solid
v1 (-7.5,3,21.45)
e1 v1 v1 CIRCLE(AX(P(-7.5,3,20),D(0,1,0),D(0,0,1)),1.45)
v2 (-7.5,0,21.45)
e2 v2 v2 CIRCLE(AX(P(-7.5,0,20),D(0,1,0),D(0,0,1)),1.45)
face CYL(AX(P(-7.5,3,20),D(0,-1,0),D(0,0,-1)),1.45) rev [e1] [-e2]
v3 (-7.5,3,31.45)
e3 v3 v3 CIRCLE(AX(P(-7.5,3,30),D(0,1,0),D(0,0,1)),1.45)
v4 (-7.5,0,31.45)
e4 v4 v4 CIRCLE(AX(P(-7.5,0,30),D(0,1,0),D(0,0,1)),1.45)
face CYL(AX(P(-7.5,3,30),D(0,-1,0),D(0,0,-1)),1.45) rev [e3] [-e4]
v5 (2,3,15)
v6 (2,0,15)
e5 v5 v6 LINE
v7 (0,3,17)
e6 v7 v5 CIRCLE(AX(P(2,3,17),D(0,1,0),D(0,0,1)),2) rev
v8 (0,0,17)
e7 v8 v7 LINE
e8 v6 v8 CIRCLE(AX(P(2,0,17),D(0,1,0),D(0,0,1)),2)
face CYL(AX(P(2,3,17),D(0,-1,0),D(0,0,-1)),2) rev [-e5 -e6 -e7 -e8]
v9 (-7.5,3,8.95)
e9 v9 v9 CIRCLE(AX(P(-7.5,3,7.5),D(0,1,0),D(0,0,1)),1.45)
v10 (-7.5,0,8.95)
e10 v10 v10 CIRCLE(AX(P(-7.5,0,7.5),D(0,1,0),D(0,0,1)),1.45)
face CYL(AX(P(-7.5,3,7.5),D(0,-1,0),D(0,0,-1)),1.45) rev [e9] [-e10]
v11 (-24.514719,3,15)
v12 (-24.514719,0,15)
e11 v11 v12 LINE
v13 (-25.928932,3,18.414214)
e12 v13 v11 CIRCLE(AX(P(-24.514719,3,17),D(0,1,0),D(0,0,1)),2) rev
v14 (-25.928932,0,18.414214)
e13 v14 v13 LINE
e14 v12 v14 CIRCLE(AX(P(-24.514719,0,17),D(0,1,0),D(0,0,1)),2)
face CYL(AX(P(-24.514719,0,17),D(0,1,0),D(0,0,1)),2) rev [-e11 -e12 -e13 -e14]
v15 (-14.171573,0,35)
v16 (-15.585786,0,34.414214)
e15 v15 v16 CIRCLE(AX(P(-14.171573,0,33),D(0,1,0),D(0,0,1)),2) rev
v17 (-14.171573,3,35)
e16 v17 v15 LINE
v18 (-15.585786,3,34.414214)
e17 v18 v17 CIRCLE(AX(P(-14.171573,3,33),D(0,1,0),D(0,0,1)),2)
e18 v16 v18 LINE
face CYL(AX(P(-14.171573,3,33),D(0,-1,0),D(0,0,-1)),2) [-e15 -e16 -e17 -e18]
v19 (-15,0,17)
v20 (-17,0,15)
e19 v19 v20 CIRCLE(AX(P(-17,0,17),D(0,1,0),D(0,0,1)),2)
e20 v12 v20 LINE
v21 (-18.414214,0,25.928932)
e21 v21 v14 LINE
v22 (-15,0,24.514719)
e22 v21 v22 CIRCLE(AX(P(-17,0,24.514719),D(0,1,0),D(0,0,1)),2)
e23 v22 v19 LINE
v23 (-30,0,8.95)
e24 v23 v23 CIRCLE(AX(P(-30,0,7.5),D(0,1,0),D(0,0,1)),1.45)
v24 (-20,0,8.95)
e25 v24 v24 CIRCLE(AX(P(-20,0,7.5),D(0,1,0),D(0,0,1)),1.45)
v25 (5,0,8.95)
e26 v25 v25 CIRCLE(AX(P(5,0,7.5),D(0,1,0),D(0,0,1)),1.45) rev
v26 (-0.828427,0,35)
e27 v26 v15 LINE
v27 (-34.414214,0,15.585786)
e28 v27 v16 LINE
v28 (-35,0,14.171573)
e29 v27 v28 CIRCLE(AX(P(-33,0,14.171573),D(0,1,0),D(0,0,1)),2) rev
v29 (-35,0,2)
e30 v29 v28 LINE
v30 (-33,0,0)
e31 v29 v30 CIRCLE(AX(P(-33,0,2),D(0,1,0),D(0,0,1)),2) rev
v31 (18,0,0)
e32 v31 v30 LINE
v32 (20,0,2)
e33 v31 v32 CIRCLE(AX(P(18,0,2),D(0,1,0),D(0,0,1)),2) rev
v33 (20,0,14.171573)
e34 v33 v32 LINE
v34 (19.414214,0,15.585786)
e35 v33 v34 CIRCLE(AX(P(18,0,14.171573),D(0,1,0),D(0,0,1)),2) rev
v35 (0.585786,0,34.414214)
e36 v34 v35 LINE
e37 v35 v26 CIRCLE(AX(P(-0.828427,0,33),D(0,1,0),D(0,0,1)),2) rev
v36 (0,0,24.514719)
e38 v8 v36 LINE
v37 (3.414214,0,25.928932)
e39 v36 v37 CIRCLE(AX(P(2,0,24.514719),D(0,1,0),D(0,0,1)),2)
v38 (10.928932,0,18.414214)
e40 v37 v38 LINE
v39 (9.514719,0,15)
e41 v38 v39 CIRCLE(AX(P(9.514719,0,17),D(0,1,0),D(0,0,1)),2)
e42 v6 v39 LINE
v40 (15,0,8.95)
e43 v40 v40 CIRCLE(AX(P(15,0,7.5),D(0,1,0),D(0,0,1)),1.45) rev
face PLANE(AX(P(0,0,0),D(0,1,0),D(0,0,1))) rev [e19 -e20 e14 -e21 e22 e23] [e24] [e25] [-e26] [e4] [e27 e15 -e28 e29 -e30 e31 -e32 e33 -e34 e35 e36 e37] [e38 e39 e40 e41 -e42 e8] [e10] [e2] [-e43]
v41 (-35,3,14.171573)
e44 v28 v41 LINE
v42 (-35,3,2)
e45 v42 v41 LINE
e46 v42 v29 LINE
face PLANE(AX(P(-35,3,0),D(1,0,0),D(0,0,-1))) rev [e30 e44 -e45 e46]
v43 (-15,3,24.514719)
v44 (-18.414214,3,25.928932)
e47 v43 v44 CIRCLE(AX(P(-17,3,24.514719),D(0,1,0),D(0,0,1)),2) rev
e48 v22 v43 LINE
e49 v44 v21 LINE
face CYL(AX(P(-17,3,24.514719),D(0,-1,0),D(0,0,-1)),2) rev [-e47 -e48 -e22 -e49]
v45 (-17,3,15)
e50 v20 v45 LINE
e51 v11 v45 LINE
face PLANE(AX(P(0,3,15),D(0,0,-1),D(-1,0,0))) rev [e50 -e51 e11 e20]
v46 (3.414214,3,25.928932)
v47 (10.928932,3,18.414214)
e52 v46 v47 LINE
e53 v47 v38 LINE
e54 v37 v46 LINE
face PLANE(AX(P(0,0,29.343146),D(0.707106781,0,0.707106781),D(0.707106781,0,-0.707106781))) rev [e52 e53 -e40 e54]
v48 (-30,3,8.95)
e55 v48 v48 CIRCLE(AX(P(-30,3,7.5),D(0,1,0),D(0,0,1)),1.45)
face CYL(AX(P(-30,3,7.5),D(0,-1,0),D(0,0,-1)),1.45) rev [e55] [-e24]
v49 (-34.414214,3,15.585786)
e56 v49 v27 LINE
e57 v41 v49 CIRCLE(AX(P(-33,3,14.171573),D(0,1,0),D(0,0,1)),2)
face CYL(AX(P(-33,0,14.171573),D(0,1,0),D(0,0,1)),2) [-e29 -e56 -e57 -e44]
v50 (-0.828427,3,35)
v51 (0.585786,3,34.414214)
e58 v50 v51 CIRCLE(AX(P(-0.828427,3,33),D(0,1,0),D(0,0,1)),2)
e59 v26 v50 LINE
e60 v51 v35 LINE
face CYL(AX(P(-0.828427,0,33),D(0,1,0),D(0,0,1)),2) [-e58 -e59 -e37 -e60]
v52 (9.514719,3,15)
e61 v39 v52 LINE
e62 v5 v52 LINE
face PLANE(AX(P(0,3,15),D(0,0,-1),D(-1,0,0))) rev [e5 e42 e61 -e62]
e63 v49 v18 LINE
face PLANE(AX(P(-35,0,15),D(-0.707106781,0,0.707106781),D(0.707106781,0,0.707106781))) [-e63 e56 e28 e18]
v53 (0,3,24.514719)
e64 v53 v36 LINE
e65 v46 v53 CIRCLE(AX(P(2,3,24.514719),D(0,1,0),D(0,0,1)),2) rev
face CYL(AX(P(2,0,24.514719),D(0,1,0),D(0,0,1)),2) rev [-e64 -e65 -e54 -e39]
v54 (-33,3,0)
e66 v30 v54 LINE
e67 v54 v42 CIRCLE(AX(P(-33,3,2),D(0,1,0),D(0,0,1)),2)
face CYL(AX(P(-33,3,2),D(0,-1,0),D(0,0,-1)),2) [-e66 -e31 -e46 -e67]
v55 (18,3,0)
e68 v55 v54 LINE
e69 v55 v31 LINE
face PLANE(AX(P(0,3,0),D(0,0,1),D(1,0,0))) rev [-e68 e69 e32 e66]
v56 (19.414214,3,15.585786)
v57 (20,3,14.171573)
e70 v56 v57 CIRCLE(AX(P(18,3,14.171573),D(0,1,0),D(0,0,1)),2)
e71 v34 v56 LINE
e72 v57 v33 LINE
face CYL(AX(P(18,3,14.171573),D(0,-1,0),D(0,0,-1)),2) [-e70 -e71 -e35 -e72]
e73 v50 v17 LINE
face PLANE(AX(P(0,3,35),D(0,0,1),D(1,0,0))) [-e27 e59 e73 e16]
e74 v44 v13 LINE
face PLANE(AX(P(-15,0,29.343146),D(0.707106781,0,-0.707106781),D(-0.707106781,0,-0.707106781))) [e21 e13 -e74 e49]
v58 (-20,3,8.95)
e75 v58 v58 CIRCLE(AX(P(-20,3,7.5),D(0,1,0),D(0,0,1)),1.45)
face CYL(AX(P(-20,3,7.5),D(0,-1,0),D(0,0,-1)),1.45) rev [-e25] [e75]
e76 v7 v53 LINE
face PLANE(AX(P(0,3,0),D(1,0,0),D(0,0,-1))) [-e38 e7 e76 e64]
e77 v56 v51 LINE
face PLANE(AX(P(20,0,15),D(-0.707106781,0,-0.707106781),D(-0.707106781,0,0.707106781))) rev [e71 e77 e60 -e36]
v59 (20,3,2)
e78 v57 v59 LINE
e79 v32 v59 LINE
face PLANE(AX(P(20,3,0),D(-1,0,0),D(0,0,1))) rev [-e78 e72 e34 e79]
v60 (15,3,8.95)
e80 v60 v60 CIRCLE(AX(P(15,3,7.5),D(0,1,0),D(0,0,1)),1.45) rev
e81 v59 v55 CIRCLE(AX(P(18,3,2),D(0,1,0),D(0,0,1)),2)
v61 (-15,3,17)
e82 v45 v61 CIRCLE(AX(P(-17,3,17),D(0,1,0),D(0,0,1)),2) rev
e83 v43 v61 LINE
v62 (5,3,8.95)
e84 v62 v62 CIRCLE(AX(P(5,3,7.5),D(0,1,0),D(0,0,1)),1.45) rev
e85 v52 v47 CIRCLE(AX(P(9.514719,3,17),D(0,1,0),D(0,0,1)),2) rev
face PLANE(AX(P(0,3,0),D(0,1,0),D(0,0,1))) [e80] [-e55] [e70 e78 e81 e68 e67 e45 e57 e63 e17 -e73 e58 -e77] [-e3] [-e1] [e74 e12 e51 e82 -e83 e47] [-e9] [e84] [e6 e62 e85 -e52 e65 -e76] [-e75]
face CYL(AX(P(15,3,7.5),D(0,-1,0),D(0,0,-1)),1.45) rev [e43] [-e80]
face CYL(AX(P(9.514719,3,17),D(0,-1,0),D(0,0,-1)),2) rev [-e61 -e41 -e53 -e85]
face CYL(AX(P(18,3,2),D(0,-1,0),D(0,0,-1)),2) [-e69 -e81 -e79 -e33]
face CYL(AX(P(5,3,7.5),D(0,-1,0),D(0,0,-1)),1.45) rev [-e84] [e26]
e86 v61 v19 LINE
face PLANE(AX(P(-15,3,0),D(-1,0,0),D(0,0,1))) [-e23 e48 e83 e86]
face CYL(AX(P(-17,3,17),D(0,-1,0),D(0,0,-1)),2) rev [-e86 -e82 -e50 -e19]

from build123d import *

# Parameters (mm, degrees)
SKETCH_1_R      = 1.45
SKETCH_1_W      = 20
SKETCH_1_H      = 15
EXTRUDE_1_DEPTH = 3
EXTRUDE_2_DEPTH = 3
FILLET_1_R      = 2


with BuildPart() as part:
    # 草图1 → 凸台-拉伸1 (new body)
    # profile 1 of 2: a face of its own
    with BuildSketch(Plane(origin=(0, 0, 0), x_dir=(1, 0, 0), z_dir=(0, 1, 0))):
        Polygon((-15, -35), (-15, -15), (-35, -15), (-35, 0), (0, 0), (0, -35), align=None)
        with Locations(Location((-7.5, -30, 0), (0, 0, 270))):
            Circle(SKETCH_1_R, mode=Mode.SUBTRACT)
        with Locations(Location((-7.5, -20, 0), (0, 0, 270))):
            Circle(SKETCH_1_R, mode=Mode.SUBTRACT)
        with Locations(Location((-30, -7.5, 0), (0, 0, 270))):
            Circle(SKETCH_1_R, mode=Mode.SUBTRACT)
        with Locations(Location((-20, -7.5, 0), (0, 0, 270))):
            Circle(SKETCH_1_R, mode=Mode.SUBTRACT)
        with Locations(Location((-7.5, -7.5, 0), (0, 0, 270))):
            Circle(SKETCH_1_R, mode=Mode.SUBTRACT)
    # profile 2 of 2: a face of its own
    with BuildSketch(Plane(origin=(0, 0, 0), x_dir=(1, 0, 0), z_dir=(0, 1, 0))):
        with Locations((10, -7.5)):
            Rectangle(SKETCH_1_W, SKETCH_1_H)
        with Locations(Location((5, -7.5, 0), (0, 0, 270))):
            Circle(SKETCH_1_R, mode=Mode.SUBTRACT)
        with Locations(Location((15, -7.5, 0), (0, 0, 270))):
            Circle(SKETCH_1_R, mode=Mode.SUBTRACT)
    extrude(amount=EXTRUDE_1_DEPTH)

    # 草图2 → 凸台-拉伸2 (add)
    with BuildSketch(Plane(origin=(0, 3, 0), x_dir=(1, 0, 0), z_dir=(0, 1, 0))):
        Polygon((-35, -15), (-15, -35), (-15, -29.343145751), (-29.343145751, -15), align=None)
        Polygon((14.343145751, -15), (20, -15), (0, -35), (0, -29.343145751), align=None)
    extrude(amount=-EXTRUDE_2_DEPTH)

    # 圆角1
    fillet_1_edges = [part.edges().sort_by_distance(p)[0] for p in [
        (-15, 1.5, 15),
        (-35, 1.5, 15),
        (-35, 1.5, 0),
        (20, 1.5, 0),
        (20, 1.5, 15),
        (0, 1.5, 15),
        (0, 1.5, 35),
        (-15, 1.5, 35),
        (0, 1.5, 29.343145751),
        (14.343145751, 1.5, 15),
        (-29.343145751, 1.5, 15),
        (-15, 1.5, 29.343145751),
    ]]
    fillet(fillet_1_edges, radius=FILLET_1_R)


solid = part.part
